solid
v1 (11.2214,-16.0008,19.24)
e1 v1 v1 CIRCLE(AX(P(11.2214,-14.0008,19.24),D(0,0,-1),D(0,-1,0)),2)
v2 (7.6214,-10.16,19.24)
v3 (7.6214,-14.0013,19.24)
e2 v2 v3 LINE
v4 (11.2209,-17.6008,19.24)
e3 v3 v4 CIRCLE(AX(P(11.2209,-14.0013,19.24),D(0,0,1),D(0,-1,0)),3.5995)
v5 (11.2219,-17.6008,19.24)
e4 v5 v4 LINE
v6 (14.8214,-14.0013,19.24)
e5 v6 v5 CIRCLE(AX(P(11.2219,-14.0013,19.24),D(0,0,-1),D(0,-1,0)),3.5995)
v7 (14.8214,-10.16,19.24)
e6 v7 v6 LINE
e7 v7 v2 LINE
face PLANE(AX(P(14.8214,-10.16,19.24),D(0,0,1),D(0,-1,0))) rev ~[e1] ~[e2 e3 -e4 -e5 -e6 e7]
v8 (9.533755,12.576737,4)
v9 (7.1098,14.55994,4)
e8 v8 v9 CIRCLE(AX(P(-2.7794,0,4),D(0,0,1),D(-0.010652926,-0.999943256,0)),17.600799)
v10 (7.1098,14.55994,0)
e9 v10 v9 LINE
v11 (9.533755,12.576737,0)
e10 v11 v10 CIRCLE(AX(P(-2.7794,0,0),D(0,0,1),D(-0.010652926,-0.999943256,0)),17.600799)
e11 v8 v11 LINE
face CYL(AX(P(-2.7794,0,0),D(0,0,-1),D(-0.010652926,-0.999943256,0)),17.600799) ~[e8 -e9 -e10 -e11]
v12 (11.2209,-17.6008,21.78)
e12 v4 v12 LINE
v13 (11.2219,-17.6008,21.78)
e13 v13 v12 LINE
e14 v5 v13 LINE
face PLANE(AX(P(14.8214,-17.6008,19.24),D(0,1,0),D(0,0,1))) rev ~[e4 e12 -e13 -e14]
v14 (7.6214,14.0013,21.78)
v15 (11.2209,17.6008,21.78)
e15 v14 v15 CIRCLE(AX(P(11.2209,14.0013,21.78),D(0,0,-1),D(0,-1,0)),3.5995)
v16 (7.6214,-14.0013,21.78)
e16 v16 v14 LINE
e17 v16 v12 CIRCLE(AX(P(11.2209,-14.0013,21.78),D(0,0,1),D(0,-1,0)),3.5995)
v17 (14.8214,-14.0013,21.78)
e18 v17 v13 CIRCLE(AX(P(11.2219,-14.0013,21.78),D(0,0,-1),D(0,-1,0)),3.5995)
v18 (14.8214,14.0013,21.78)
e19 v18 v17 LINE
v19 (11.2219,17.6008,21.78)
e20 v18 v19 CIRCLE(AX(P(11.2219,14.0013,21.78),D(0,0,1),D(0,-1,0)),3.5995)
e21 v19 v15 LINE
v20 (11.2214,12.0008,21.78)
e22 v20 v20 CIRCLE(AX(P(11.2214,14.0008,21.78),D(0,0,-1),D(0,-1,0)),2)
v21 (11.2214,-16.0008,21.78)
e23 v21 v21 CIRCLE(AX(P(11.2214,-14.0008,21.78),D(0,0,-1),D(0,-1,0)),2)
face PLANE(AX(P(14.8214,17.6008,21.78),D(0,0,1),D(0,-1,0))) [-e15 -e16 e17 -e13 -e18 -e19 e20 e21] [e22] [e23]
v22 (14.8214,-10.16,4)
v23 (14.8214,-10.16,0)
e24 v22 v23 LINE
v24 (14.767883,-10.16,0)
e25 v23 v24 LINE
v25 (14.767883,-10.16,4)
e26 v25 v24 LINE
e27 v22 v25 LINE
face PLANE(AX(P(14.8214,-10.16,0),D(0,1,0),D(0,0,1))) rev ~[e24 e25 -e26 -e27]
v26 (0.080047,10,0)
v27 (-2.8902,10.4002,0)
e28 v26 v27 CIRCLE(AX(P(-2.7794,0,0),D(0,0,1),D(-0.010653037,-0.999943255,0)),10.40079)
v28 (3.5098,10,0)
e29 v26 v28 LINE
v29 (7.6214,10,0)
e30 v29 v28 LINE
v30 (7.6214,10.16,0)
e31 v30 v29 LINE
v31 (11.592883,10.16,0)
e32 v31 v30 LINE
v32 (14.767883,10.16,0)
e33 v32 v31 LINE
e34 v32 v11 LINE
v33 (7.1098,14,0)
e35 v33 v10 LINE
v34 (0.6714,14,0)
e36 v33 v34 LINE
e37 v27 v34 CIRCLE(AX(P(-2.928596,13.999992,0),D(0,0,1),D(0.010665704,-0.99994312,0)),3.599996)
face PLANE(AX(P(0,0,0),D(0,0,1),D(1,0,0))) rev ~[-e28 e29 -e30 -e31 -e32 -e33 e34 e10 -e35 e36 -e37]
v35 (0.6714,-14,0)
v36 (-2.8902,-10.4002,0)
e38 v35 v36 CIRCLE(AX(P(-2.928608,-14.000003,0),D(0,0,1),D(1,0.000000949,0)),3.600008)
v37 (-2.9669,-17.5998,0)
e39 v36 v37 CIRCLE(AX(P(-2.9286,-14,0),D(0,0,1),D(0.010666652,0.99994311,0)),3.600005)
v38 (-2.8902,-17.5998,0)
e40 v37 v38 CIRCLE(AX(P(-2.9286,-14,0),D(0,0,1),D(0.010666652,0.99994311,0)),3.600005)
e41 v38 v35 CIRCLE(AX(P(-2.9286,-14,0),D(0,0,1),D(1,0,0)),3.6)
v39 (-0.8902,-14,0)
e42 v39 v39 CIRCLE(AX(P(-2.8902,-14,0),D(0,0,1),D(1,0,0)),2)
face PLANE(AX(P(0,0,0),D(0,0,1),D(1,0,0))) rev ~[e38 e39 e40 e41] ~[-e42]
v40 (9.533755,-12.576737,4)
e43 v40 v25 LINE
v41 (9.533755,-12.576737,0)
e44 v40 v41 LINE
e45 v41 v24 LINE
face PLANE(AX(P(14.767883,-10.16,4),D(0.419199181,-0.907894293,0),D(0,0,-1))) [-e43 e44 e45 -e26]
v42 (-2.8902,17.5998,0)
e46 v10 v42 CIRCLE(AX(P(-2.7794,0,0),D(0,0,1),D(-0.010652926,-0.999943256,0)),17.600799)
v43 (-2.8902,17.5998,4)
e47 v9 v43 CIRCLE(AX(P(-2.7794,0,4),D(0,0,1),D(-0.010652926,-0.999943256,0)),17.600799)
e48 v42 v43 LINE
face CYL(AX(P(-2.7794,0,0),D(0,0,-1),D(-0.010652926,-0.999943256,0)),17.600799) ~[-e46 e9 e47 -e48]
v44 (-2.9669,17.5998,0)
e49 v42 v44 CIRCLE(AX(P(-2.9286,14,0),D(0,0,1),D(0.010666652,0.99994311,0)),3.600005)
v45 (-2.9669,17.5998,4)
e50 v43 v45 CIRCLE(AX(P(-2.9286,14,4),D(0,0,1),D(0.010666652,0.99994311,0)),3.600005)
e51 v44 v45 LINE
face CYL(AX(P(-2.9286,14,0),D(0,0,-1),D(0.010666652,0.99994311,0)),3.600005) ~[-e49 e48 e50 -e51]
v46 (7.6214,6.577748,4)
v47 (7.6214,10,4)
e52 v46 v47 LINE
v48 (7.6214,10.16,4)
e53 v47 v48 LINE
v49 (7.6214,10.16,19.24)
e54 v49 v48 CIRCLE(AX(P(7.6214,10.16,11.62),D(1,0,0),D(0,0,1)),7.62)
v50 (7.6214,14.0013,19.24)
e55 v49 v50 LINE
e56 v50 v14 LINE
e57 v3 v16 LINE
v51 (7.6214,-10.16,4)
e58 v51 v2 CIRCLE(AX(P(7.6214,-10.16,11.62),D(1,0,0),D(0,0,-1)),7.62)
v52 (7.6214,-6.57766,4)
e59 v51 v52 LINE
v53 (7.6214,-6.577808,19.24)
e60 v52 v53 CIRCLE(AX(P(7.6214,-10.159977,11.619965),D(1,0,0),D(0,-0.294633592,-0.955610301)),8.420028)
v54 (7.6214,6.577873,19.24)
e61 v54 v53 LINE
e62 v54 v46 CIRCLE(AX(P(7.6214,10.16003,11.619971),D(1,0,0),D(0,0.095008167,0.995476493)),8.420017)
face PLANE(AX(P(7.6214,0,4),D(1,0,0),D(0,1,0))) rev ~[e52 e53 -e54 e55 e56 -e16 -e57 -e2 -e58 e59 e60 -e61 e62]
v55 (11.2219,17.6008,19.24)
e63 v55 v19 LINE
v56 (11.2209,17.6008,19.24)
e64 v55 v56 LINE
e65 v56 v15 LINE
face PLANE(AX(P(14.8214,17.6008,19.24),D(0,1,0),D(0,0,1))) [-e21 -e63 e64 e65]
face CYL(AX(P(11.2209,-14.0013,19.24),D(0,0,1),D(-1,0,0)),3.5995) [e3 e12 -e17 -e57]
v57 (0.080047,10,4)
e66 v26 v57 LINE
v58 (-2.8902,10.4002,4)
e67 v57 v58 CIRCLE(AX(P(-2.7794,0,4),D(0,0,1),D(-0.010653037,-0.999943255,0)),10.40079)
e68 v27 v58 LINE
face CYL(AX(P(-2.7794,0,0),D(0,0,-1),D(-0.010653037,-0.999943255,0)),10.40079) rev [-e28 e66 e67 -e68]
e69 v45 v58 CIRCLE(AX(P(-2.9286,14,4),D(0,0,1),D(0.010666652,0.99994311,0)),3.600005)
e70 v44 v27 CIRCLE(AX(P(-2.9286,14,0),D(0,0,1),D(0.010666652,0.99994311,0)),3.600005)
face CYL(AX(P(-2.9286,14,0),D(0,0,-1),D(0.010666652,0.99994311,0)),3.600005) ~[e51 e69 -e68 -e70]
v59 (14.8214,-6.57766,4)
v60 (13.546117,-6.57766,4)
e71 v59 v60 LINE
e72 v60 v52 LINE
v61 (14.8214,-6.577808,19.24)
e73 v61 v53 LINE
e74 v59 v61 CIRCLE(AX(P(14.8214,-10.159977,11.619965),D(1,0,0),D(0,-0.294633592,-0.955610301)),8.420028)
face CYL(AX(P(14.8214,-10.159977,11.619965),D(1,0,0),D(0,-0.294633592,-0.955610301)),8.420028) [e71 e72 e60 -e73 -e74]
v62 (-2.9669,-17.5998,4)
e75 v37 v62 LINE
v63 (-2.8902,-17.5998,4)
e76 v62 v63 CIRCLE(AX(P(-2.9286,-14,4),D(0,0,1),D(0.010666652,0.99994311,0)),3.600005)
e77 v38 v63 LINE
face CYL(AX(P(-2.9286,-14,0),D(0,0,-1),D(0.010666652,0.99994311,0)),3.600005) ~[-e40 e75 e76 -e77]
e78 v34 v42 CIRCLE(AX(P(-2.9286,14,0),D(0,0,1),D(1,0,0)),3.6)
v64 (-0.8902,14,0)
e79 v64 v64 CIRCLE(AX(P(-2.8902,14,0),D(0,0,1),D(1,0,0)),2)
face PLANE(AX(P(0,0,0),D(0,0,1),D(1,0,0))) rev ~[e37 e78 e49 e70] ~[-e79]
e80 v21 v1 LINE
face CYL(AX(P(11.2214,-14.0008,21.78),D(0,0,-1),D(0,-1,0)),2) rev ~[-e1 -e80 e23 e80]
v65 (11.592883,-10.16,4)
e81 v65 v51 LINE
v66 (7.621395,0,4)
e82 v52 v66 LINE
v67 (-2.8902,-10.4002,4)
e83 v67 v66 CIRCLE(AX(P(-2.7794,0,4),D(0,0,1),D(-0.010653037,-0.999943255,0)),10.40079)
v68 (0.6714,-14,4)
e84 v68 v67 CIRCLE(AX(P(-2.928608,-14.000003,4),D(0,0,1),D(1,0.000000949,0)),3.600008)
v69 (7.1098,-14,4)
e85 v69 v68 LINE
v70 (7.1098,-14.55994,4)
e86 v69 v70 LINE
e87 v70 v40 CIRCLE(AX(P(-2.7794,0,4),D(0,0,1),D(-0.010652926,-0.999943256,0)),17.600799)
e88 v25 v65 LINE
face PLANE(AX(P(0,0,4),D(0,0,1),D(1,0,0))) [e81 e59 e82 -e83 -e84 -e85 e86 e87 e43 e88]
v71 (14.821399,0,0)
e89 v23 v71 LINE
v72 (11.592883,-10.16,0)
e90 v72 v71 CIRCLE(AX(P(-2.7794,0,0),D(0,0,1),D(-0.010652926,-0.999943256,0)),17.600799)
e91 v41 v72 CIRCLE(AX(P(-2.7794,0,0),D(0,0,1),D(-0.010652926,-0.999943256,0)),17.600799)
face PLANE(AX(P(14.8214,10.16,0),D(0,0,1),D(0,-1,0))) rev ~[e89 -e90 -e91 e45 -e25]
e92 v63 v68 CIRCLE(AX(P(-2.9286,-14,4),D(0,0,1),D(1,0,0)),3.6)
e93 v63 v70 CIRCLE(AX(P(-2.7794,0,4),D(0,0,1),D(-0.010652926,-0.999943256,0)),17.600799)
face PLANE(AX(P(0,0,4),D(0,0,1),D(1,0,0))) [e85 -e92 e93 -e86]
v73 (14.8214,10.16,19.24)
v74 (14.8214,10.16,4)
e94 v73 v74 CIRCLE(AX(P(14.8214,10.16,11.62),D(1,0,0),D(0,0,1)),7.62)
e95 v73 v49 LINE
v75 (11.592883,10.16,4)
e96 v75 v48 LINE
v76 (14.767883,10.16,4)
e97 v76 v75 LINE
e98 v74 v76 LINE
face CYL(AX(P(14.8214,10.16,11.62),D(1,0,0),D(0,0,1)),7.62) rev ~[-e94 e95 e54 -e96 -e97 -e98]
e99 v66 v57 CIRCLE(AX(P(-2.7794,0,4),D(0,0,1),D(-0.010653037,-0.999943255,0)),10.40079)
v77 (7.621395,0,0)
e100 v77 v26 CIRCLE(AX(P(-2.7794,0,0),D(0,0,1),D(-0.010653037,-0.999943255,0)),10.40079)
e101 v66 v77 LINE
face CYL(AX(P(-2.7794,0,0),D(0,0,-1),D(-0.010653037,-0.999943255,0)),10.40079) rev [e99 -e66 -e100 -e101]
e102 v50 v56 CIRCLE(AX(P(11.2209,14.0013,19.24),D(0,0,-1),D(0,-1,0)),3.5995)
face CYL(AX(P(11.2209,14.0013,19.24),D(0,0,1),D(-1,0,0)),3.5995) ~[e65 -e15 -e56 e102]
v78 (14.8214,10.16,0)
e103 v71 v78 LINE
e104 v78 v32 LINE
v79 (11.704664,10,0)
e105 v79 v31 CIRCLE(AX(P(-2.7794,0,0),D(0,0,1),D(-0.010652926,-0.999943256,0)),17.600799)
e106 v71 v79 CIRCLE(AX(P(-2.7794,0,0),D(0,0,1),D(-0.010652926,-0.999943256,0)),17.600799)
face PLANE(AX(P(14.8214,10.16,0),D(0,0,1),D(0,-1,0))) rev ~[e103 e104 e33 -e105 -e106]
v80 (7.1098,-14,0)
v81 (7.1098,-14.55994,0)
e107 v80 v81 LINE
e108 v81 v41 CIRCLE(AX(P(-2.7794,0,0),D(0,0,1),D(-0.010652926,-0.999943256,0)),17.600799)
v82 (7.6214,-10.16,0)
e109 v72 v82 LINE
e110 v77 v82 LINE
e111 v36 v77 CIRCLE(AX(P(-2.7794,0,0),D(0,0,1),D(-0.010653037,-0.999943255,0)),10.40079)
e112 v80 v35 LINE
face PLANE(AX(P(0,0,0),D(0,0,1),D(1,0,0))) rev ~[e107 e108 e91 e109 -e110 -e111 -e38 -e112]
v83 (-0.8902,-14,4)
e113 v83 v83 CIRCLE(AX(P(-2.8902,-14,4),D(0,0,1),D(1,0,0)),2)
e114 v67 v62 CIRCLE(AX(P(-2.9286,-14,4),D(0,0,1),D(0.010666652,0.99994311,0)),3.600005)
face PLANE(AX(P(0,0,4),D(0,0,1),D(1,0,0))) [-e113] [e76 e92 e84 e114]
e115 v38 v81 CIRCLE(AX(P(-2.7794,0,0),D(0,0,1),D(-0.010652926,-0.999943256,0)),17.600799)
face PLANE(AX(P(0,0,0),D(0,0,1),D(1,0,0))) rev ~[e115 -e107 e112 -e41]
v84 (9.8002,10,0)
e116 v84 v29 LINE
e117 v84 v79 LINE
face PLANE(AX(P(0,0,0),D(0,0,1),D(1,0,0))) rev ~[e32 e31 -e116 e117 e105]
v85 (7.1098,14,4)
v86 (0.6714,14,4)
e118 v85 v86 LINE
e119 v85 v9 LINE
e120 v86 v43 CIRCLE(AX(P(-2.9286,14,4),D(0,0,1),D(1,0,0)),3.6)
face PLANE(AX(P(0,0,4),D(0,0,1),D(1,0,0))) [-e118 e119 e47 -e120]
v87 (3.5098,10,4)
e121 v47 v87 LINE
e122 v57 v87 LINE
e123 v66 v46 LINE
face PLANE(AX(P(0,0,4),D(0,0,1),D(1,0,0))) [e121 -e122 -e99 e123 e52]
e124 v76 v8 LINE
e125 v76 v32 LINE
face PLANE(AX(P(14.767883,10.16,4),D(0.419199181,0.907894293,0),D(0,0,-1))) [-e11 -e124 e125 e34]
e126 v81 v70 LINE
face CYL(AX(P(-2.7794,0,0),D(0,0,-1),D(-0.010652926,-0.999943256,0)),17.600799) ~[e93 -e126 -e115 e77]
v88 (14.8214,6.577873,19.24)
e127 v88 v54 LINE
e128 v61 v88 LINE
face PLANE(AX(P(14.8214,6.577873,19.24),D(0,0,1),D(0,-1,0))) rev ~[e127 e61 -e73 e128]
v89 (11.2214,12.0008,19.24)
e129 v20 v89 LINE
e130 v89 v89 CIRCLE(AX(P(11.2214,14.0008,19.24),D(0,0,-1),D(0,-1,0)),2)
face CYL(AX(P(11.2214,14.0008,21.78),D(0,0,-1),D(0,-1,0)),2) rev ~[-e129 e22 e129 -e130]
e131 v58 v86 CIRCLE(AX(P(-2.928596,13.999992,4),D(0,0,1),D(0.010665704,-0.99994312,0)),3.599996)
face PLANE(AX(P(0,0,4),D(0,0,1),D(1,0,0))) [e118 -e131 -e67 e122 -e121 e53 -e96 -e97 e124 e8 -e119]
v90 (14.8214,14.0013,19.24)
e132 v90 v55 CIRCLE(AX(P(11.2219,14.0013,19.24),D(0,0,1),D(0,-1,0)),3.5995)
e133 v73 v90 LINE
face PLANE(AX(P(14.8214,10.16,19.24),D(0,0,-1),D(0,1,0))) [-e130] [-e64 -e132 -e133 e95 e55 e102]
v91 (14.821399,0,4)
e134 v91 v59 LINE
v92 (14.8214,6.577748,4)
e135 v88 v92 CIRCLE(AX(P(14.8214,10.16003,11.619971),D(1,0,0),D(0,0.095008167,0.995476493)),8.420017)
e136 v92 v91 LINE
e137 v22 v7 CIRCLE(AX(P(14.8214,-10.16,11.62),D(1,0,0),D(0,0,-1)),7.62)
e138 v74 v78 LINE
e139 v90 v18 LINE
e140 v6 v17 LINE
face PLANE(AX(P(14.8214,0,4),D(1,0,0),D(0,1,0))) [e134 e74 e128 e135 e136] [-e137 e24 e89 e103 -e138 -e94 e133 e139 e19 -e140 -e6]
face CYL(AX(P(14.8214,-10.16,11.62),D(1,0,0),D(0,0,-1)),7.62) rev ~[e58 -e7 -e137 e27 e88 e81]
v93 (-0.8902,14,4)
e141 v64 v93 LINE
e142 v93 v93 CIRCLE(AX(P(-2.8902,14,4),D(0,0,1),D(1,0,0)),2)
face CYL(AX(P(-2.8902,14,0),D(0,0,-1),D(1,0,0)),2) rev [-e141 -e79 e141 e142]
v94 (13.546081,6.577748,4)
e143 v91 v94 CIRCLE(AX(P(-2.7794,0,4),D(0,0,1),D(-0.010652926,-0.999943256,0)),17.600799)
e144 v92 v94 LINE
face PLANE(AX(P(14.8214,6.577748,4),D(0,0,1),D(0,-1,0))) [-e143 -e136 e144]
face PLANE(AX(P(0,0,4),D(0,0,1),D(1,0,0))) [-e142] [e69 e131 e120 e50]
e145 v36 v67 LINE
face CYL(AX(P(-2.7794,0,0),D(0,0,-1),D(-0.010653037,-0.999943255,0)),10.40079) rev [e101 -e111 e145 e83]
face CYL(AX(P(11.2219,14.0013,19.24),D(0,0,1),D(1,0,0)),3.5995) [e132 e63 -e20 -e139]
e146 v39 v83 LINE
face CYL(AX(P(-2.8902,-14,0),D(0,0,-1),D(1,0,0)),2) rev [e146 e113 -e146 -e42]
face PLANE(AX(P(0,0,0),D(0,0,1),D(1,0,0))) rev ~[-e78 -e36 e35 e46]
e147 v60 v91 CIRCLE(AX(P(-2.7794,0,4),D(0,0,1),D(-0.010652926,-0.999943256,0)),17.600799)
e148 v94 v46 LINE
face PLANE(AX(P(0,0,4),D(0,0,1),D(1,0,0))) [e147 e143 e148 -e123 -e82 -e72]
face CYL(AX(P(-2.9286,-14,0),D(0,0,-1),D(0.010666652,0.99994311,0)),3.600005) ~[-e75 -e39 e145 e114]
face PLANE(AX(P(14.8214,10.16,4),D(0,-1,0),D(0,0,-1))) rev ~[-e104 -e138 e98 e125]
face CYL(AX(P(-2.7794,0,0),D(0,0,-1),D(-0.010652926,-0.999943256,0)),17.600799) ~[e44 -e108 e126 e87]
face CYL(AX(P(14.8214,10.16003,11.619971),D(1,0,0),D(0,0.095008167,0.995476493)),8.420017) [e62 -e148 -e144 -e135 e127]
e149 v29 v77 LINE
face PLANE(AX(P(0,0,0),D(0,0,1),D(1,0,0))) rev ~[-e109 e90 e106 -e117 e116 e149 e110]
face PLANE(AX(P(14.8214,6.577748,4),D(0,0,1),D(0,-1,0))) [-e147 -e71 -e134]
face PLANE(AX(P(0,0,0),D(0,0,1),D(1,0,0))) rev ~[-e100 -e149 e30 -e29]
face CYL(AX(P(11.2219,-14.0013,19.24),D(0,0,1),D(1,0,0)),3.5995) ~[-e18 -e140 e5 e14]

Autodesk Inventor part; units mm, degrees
ref_plane "YZ Plane" through (0, 0, 0) normal (1, 0, 0) x (0, 1, 0)
ref_plane "XZ Plane" through (0, 0, 0) normal (0, 1, 0) x (-1, 0, 0)
ref_plane "XY Plane" through (0, 0, 0) normal (0, 0, 1) x (1, 0, 0)
sketch "Sketch1" plane through (0, 0, 0) normal (0, 0, 1) x (1, 0, 0)
  circle A0 centre (-2.8902, -14) radius 2 projected
  line L0 (-2.8902, -17.5998) -> (-2.8902, -19) projected
  line L1 (7.1098, -19) -> (-2.8902, -19) projected
  line L2 (7.1098, -14) -> (7.1098, -19) projected
  line L3 (7.1098, -14) -> (0.6714, -14) projected
  arc A1 (0.6714, -14) -> (-2.8902, -10.4002) centre (-2.9286, -14) ccw projected
  arc A2 (-2.8902, -10.4002) -> (-2.8902, -17.5998) centre (-2.9286, -14) ccw projected
  circle A3 centre (-2.8902, 14) radius 2 projected
  line L4 (-2.8902, 17.5998) -> (-2.8902, 19) projected
  arc A4 (-2.8902, 17.5998) -> (-2.8902, 10.4002) centre (-2.9286, 14) ccw projected
  arc A5 (-2.8902, 10.4002) -> (0.6714, 14) centre (-2.9286, 14) ccw projected
  line L5 (7.1098, 14) -> (0.6714, 14) projected
  line L6 (7.1098, 14) -> (7.1098, 19) projected
  line L7 (7.1098, 19) -> (-2.8902, 19) projected
  line L8 (9.8002, 10) -> (3.5098, 10) projected
  line L9 (-57.6094, 10) -> (18.5906, 10) projected
  arc A6 (-2.8902, -10.4002) -> (-2.8902, 10.4002) centre (-2.7794, 0) ccw
  circle A7 centre (-2.9286, -14) radius 3.6
  circle A8 centre (-2.9286, 14) radius 3.6
  arc A9 (-2.9669, -17.5998) -> (-2.9669, 17.5998) centre (-2.7794, 0) ccw
  point P0 (7.1098, 10)
  point P1 (0, 0)
  point P2 (-2.8902, -17.6004)
  point P3 (-2.8902, 17.6004)
extrude "Extrusion2" add sketch "Sketch1" along normal blind 4 contours A2 A1 A7 | A7 L3 L2 A9 | A1 A6 L9 L8 A9 L2 L3 | L9 L8 A6 A5 L5 L6 A9 | L6 L5 A8 A9 | A4 A8 A5
sketch "Sketch2" plane through (0, 0, 4) normal (0, 0, 1) x (1, 0, 0)
  arc A0 (-2.8902, -17.6004) -> (-2.8902, 17.6004) centre (-2.7794, 0) ccw projected
  point P0 (0, 0)
  point P1 (14.8214, 0)
ref_plane "Work Plane1" through (14.8214, 0, 4) normal (1, 0, 0) x (0, 1, 0)
sketch "Sketch3" plane through (14.8214, 0, 4) normal (1, 0, 0) x (0, 1, 0)
  line L0 (17.6008, 0) -> (-17.6008, 0) projected
  arc A0 (-10.16, 0) -> (-10.16, 15.24) centre (-10.16, 7.62) ccw
  line L1 (-10.16, 7.62) -> (-10.16, 0) construction
  line L2 (-10.16, 7.62) -> (-2.54, 7.62) construction
  line L3 (-10.16, 7.62) -> (-10.16, 15.24) construction
  arc A1 (-12.6408, -0.4263) -> (-10.96, 16.0019) centre (-10.16, 7.62) ccw
  line L4 (-10.96, 16.0019) -> (-10.96, 9.0533) construction
  line L5 (0, 0) -> (0, 16.929) construction
  line L6 (-10.16, 15.24) -> (0, 15.24)
  line L7 (-10.16, 15.24) -> (-17.6008, 15.24)
  line L8 (-17.6008, 15.24) -> (-17.6008, 17.78)
  line L9 (-17.6008, 17.78) -> (0, 17.78)
  line L10 (-10.16, 0) -> (-10.16, -0.8)
  line L11 (17.6008, -4) -> (-17.6008, -4) projected
  line L12 (-10.16, 0) -> (0, 0)
  line L13 (0, 0) -> (0, -4)
  line L14 (0, -4) -> (-10.16, -4)
  line L15 (-10.16, -4) -> (-10.16, 0)
  arc A2 (10.16, 15.24) -> (10.16, 0) centre (10.16, 7.62) ccw
  line L16 (10.16, 7.62) -> (10.16, 0) construction
  line L17 (10.16, 7.62) -> (2.54, 7.62) construction
  line L18 (10.16, 7.62) -> (10.16, 15.24) construction
  arc A3 (10.96, 16.0019) -> (12.6408, -0.4263) centre (10.16, 7.62) ccw
  line L19 (10.96, 16.0019) -> (10.96, 9.0533) construction
  line L20 (10.16, 15.24) -> (0, 15.24)
  line L21 (10.16, 15.24) -> (17.6008, 15.24)
  line L22 (17.6008, 15.24) -> (17.6008, 17.78)
  line L23 (17.6008, 17.78) -> (0, 17.78)
  line L24 (10.16, 0) -> (10.16, -0.8)
  line L25 (10.16, 0) -> (0, 0)
  line L26 (0, -4) -> (10.16, -4)
  line L27 (10.16, -4) -> (10.16, 0)
  point P0 (-17.6004, 0)
  point P1 (17.6004, 0)
  point P2 (-17.6004, -4)
  point P3 (17.6004, -4)
  point P4 (-6.5778, 0)
  point P5 (-6.5778, 15.24)
  point P6 (6.5778, 15.24)
  point P7 (6.5778, 0)
  dimension "d4" = 90
  dimension "d5" = 180
  dimension "d6" = 0.8
  dimension "d7" = 7.62
  dimension "d8" = 10.16
  dimension "d9" = 2.54
extrude "Extrusion3" add sketch "Sketch3" against normal blind 7.2 contours L24 A3 L0 | L0 A3 L20 A2 | A3 L27 L11 L13 L0 | L20 L6 L7 L8 L9 L23 L22 L21 | L13 L11 L15 A1 L0 | A1 L10 L0 | L0 A0 L6 A1
chamfer "Chamfer1" distance 3.175 angle 45 2 edges at (11.5929, -10.16, 2) (11.5929, 10.16, 2)
fillet "Fillet1" radius 3.6 4 edges at (14.8214, -17.6008, 20.51) (14.8214, 17.6008, 20.51) (7.6214, 17.6008, 20.51) (7.6214, -17.6008, 20.51)
sketch "Sketch4" plane through (14.8214, -14.0008, 21.78) normal (0, 0, 1) x (1, 0, 0)
  arc A0 (-7.2, 0) -> (0, 0) centre (-3.6, 0) ccw projected
  line L0 (0, 28.0016) -> (0, 0) projected
  arc A1 (0, 28.0016) -> (-7.2, 28.0016) centre (-3.6, 28.0016) ccw projected
  line L1 (-7.2, 0) -> (-7.2, 28.0016) projected
  circle A2 centre (-3.6, 0) radius 2
  circle A3 centre (-3.6, 28.0016) radius 2
  point P0 (-14.8214, 14.0008)
  dimension "d16" = 4
  dimension "d17" = 4
hole "Hole1" at (11.2214, -14.0008, 21.78) at (11.2214, 14.0008, 21.78) direction (0, 0, -1) diameter 4 depth 6
properties part number "MotorMountTopSuspension"
